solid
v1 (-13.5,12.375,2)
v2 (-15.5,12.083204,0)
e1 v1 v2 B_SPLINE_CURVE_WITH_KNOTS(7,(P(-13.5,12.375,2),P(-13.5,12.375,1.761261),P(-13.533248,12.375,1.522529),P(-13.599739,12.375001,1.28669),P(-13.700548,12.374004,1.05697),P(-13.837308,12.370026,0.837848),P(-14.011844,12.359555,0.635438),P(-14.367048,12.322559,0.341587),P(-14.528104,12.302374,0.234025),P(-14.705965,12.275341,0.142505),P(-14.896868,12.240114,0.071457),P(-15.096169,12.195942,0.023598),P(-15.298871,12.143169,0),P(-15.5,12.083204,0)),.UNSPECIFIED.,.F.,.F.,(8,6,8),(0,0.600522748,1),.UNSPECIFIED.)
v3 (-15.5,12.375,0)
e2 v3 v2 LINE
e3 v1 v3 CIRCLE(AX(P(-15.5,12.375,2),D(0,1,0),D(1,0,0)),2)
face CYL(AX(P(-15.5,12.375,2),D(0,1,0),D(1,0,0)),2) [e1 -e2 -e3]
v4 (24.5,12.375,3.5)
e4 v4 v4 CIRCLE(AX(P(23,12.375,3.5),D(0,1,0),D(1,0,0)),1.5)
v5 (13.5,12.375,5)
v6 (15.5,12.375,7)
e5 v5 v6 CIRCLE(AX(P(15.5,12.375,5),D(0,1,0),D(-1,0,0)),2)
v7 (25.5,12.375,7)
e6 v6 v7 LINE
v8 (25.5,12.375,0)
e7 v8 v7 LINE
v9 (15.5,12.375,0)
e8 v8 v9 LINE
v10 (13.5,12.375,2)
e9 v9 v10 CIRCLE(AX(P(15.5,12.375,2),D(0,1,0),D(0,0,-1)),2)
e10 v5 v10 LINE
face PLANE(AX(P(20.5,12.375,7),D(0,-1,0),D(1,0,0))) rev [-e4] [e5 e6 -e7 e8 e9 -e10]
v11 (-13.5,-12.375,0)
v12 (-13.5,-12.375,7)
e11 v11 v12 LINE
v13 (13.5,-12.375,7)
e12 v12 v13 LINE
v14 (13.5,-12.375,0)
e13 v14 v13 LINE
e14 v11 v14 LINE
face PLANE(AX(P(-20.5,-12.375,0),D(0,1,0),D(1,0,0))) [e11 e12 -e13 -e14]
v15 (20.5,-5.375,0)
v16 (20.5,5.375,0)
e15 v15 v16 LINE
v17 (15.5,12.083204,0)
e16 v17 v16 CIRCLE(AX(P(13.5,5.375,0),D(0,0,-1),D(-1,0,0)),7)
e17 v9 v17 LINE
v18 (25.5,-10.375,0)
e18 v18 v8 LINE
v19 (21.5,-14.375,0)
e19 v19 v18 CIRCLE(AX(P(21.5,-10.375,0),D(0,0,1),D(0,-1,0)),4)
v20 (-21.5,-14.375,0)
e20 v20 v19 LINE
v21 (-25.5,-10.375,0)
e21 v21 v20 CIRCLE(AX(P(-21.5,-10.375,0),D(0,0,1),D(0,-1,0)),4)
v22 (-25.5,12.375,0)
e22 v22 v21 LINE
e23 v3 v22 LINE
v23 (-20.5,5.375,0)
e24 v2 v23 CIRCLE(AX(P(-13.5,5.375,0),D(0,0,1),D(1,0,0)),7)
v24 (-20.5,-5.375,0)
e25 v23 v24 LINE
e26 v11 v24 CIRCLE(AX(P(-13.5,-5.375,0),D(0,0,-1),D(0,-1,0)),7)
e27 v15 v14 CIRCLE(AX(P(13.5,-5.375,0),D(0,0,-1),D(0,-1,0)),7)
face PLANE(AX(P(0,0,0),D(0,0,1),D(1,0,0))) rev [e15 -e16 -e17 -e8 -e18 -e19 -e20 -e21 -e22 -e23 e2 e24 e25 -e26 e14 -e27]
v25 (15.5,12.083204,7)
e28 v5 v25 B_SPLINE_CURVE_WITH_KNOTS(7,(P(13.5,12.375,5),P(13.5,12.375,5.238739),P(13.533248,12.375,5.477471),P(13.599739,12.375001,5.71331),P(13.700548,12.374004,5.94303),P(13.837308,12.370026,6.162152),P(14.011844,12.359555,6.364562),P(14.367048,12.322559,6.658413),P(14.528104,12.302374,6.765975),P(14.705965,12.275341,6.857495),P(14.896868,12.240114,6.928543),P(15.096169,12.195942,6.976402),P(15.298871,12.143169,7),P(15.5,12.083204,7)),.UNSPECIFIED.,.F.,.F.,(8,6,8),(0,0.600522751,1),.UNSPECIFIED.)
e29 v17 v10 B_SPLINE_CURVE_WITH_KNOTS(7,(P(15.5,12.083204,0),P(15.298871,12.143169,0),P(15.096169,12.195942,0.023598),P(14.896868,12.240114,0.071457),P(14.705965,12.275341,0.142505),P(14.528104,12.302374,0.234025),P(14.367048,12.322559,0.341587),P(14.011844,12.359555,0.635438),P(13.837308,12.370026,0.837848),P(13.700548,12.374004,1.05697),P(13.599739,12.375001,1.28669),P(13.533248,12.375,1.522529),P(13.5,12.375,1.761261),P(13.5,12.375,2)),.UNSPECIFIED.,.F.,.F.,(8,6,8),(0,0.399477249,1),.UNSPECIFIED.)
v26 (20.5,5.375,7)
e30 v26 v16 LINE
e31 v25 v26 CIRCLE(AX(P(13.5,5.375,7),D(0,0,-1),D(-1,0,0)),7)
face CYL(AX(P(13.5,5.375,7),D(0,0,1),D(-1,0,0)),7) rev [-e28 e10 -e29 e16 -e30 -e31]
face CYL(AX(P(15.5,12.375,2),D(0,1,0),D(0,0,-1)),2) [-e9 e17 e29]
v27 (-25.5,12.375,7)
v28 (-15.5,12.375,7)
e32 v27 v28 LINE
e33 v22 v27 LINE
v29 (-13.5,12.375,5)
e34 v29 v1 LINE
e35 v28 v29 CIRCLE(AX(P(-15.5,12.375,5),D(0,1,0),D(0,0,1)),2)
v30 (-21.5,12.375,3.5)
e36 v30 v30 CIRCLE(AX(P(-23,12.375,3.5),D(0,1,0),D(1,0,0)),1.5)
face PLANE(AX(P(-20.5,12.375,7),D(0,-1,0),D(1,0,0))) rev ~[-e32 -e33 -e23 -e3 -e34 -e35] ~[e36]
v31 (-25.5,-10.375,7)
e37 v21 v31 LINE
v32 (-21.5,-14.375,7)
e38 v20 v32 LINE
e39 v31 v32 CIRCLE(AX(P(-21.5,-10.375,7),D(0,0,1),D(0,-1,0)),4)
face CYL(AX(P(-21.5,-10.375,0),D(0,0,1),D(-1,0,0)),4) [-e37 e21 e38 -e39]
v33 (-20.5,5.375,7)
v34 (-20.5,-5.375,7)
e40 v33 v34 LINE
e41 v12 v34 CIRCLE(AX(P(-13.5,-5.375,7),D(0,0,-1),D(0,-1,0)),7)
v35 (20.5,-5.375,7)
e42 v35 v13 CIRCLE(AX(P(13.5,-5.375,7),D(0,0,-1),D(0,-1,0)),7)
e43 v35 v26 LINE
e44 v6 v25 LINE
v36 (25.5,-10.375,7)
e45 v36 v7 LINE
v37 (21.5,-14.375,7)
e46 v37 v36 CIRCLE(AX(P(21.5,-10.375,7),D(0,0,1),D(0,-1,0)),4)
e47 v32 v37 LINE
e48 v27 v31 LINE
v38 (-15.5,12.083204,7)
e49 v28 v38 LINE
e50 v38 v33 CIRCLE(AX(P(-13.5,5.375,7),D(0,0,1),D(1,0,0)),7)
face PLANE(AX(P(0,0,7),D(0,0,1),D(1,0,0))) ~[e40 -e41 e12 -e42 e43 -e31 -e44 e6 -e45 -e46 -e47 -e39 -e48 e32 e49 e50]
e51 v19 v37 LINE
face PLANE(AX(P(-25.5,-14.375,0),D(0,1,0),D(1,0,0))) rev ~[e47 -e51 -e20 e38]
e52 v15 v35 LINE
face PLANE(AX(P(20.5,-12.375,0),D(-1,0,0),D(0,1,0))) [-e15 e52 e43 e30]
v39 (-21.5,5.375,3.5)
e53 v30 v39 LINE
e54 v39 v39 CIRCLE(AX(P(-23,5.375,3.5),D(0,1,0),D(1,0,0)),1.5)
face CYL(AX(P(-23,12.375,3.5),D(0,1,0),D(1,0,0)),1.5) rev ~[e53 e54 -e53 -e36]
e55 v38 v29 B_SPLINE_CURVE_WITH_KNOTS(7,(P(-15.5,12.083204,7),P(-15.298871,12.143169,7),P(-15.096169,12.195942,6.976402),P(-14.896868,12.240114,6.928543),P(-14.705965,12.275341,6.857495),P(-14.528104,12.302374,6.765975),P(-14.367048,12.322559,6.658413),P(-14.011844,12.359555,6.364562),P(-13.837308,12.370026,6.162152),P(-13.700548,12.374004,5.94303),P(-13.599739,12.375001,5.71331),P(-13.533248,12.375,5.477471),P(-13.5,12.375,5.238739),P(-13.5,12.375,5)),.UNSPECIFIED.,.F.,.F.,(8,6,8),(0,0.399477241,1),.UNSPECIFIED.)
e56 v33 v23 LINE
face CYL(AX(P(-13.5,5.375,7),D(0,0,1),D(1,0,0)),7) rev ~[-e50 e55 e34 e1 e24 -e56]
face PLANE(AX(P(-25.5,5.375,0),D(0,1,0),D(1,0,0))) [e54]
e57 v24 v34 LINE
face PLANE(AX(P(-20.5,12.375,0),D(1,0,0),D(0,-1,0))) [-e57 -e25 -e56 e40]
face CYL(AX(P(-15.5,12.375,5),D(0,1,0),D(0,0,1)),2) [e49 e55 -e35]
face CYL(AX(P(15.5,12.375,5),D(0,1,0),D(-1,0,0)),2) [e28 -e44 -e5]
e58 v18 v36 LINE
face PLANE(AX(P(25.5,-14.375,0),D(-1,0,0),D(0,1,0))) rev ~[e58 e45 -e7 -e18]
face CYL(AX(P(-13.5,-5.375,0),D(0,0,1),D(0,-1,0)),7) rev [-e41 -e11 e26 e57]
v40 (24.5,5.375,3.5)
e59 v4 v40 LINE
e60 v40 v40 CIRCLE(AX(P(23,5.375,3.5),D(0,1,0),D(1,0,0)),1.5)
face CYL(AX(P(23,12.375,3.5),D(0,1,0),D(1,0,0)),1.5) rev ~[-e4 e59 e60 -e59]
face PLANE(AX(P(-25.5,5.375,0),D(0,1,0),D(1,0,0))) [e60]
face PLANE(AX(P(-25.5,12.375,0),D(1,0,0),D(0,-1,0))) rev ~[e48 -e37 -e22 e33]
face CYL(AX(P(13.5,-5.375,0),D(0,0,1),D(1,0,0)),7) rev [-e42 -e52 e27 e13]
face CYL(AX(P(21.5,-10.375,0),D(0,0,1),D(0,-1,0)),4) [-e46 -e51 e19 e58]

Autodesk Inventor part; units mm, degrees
ref_plane "YZ Plane" through (0, 0, 0) normal (1, 0, 0) x (0, 1, 0)
ref_plane "XZ Plane" through (0, 0, 0) normal (0, 1, 0) x (-1, 0, 0)
ref_plane "XY Plane" through (0, 0, 0) normal (0, 0, 1) x (1, 0, 0)
sketch "Sketch1" plane through (0, 0, 0) normal (0, 0, 1) x (1, 0, 0)
  line L0 (17, -8.875) -> (-17, -8.875) construction
  line L1 (-17, -8.875) -> (-17, 8.875) construction
  line L2 (-17, 8.875) -> (17, 8.875) construction
  line L3 (17, 8.875) -> (17, -8.875) construction
  line L4 (17, -8.875) -> (-17, 8.875) construction
  line L5 (-17, -8.875) -> (17, 8.875) construction
  line L6 (20.5, 12.375) -> (-20.5, 12.375)
  line L7 (-20.5, 12.375) -> (-20.5, -12.375)
  line L8 (-20.5, -12.375) -> (20.5, -12.375)
  line L9 (20.5, -12.375) -> (20.5, 12.375)
  line L10 (20.5, 12.375) -> (-20.5, -12.375) construction
  line L11 (-20.5, 12.375) -> (20.5, -12.375) construction
  line L12 (-25.5, -14.375) -> (25.5, -14.375)
  line L13 (25.5, -14.375) -> (25.5, 14.375)
  line L14 (25.5, 14.375) -> (-25.5, 14.375)
  line L15 (-25.5, 14.375) -> (-25.5, -14.375)
  line L16 (-25.5, -14.375) -> (25.5, 14.375) construction
  line L17 (25.5, -14.375) -> (-25.5, 14.375) construction
  line L18 (-20.5, 12.375) -> (-25.5, 12.375)
  line L19 (20.5, 12.375) -> (25.5, 12.375)
  point P0 (0, 0)
  dimension "d0" = 34
  dimension "d1" = 17.75
  dimension "d2" = 41
  dimension "d3" = 24.75
  dimension "d4" = 51
  dimension "d5" = 28.75
extrude "Extrusion1" add sketch "Sketch1" along normal blind 7 contours L19 L13 L12 L15 L18 L7 L8 L9
sketch "Sketch3" plane through (-25.5, 12.375, 0) normal (0, 1, 0) x (1, 0, 0)
  line L0 (0, 0) -> (0, -7) construction
  line L1 (0, -3.5) -> (2.5, -3.5) construction
  line L2 (51, 0) -> (51, -7) construction
  line L3 (51, -3.5) -> (48.5, -3.5) construction
  circle A0 centre (2.5, -3.5) radius 1.5
  circle A1 centre (48.5, -3.5) radius 1.5
  point P0 (25.5, 0)
  dimension "d18" = 2.5
  dimension "d19" = 2.5
  dimension "d20" = 3
  dimension "d21" = 3
extrude "Extrusion3" cut sketch "Sketch3" against normal blind 7
fillet "Fillet1" radius 7 2 edges at (-20.5, -12.375, 3.5) (20.5, -12.375, 3.5)
fillet "Fillet2" radius 4 2 edges at (-25.5, -14.375, 3.5) (25.5, -14.375, 3.5)
sketch "Sketch4" plane through (0, 0, 7) normal (0, 0, 1) x (1, 0, 0)
  line L0 (-20.5, 12.375) -> (-25.5, 12.375) construction
  line L1 (-20.5, 12.375) -> (-20.5, 10.375) construction
  line L2 (-20.5, -5.375) -> (-20.5, 12.375) construction
  line L3 (-20.5, 12.375) -> (-18.5, 12.375) construction
  line L4 (-18.5, 12.375) -> (-16.5, 12.375) construction
  line L5 (-20.5, 10.375) -> (-13.5, 10.375) construction
  line L6 (-13.5, 12.375) -> (-13.5, 5.375) construction
  circle A0 centre (-13.5, 5.375) radius 7
  line L7 (-20.5, 12.375) -> (-13.5, 12.375)
  line L8 (-20.5, 5.375) -> (-20.5, 12.375)
  point P0 (0, 0)
  dimension "d27" = 2
  dimension "d28" = 90
  dimension "d31" = 7
  dimension "d32" = 7
  dimension "d33" = 7
extrude "Extrusion4" add sketch "Sketch4" against normal up to surface (7 mm away) contours A0 L8 L7
mirror "Mirror1" about plane through (0, 0, 0) normal (1, 0, 0) of "Extrusion4"
sketch "Sketch5" plane through (-25.5, 12.375, 7) normal (0, 1, 0) x (1, 0, 0)
  line L0 (0, 7) -> (0, 0) construction
  line L1 (12, 0) -> (0, 0) construction
  line L2 (0, 7) -> (10, 7) construction
  line L3 (12, 5) -> (12, 2) construction
  line L4 (10, 0) -> (0, 0) construction
  line L5 (0, 0) -> (0, 7) construction
  arc A0 (12, 5) -> (10, 7) centre (10, 5) ccw
  arc A1 (10, 0) -> (12, 2) centre (10, 2) ccw
  line L6 (12, 5) -> (12, 2)
  line L7 (10, 0) -> (0, 0)
  line L8 (0, 7) -> (0, 0)
  line L9 (0, 7) -> (10, 7)
  line L10 (39, 7) -> (39, 0) construction
  line L11 (51, 0) -> (39, 0) construction
  line L12 (41, 7) -> (51, 7) construction
  line L13 (51, 7) -> (51, 0) construction
  line L14 (51, 0) -> (41, 0) construction
  line L15 (39, 2) -> (39, 5) construction
  arc A2 (41, 7) -> (39, 5) centre (41, 5) ccw
  arc A3 (39, 2) -> (41, 0) centre (41, 2) ccw
  line L16 (41, 7) -> (51, 7)
  line L17 (51, 0) -> (51, 7)
  line L18 (51, 0) -> (41, 0)
  line L19 (39, 2) -> (39, 5)
  line L20 (12, 0) -> (12, 7) projected
  line L21 (10, 7) -> (12, 7)
  line L22 (12, 7) -> (12, 5)
  line L23 (12, 2) -> (12, 0)
  line L24 (12, 0) -> (10, 0)
  line L25 (41, 7) -> (39, 7)
  line L26 (39, 5) -> (39, 7)
  line L27 (39, 2) -> (39, 0)
  line L28 (41, 0) -> (39, 0)
  point P0 (25.5, 7)
  dimension "d36" = 2
  dimension "d37" = 2
  dimension "d38" = 2
extrude "Extrusion5" cut sketch "Sketch5" against normal blind 1 contours A0 L21 L20 | L20 L24 A1 | A2 L26 L25 | A3 L28 L27
properties part number "Clamp_v4_bot"
